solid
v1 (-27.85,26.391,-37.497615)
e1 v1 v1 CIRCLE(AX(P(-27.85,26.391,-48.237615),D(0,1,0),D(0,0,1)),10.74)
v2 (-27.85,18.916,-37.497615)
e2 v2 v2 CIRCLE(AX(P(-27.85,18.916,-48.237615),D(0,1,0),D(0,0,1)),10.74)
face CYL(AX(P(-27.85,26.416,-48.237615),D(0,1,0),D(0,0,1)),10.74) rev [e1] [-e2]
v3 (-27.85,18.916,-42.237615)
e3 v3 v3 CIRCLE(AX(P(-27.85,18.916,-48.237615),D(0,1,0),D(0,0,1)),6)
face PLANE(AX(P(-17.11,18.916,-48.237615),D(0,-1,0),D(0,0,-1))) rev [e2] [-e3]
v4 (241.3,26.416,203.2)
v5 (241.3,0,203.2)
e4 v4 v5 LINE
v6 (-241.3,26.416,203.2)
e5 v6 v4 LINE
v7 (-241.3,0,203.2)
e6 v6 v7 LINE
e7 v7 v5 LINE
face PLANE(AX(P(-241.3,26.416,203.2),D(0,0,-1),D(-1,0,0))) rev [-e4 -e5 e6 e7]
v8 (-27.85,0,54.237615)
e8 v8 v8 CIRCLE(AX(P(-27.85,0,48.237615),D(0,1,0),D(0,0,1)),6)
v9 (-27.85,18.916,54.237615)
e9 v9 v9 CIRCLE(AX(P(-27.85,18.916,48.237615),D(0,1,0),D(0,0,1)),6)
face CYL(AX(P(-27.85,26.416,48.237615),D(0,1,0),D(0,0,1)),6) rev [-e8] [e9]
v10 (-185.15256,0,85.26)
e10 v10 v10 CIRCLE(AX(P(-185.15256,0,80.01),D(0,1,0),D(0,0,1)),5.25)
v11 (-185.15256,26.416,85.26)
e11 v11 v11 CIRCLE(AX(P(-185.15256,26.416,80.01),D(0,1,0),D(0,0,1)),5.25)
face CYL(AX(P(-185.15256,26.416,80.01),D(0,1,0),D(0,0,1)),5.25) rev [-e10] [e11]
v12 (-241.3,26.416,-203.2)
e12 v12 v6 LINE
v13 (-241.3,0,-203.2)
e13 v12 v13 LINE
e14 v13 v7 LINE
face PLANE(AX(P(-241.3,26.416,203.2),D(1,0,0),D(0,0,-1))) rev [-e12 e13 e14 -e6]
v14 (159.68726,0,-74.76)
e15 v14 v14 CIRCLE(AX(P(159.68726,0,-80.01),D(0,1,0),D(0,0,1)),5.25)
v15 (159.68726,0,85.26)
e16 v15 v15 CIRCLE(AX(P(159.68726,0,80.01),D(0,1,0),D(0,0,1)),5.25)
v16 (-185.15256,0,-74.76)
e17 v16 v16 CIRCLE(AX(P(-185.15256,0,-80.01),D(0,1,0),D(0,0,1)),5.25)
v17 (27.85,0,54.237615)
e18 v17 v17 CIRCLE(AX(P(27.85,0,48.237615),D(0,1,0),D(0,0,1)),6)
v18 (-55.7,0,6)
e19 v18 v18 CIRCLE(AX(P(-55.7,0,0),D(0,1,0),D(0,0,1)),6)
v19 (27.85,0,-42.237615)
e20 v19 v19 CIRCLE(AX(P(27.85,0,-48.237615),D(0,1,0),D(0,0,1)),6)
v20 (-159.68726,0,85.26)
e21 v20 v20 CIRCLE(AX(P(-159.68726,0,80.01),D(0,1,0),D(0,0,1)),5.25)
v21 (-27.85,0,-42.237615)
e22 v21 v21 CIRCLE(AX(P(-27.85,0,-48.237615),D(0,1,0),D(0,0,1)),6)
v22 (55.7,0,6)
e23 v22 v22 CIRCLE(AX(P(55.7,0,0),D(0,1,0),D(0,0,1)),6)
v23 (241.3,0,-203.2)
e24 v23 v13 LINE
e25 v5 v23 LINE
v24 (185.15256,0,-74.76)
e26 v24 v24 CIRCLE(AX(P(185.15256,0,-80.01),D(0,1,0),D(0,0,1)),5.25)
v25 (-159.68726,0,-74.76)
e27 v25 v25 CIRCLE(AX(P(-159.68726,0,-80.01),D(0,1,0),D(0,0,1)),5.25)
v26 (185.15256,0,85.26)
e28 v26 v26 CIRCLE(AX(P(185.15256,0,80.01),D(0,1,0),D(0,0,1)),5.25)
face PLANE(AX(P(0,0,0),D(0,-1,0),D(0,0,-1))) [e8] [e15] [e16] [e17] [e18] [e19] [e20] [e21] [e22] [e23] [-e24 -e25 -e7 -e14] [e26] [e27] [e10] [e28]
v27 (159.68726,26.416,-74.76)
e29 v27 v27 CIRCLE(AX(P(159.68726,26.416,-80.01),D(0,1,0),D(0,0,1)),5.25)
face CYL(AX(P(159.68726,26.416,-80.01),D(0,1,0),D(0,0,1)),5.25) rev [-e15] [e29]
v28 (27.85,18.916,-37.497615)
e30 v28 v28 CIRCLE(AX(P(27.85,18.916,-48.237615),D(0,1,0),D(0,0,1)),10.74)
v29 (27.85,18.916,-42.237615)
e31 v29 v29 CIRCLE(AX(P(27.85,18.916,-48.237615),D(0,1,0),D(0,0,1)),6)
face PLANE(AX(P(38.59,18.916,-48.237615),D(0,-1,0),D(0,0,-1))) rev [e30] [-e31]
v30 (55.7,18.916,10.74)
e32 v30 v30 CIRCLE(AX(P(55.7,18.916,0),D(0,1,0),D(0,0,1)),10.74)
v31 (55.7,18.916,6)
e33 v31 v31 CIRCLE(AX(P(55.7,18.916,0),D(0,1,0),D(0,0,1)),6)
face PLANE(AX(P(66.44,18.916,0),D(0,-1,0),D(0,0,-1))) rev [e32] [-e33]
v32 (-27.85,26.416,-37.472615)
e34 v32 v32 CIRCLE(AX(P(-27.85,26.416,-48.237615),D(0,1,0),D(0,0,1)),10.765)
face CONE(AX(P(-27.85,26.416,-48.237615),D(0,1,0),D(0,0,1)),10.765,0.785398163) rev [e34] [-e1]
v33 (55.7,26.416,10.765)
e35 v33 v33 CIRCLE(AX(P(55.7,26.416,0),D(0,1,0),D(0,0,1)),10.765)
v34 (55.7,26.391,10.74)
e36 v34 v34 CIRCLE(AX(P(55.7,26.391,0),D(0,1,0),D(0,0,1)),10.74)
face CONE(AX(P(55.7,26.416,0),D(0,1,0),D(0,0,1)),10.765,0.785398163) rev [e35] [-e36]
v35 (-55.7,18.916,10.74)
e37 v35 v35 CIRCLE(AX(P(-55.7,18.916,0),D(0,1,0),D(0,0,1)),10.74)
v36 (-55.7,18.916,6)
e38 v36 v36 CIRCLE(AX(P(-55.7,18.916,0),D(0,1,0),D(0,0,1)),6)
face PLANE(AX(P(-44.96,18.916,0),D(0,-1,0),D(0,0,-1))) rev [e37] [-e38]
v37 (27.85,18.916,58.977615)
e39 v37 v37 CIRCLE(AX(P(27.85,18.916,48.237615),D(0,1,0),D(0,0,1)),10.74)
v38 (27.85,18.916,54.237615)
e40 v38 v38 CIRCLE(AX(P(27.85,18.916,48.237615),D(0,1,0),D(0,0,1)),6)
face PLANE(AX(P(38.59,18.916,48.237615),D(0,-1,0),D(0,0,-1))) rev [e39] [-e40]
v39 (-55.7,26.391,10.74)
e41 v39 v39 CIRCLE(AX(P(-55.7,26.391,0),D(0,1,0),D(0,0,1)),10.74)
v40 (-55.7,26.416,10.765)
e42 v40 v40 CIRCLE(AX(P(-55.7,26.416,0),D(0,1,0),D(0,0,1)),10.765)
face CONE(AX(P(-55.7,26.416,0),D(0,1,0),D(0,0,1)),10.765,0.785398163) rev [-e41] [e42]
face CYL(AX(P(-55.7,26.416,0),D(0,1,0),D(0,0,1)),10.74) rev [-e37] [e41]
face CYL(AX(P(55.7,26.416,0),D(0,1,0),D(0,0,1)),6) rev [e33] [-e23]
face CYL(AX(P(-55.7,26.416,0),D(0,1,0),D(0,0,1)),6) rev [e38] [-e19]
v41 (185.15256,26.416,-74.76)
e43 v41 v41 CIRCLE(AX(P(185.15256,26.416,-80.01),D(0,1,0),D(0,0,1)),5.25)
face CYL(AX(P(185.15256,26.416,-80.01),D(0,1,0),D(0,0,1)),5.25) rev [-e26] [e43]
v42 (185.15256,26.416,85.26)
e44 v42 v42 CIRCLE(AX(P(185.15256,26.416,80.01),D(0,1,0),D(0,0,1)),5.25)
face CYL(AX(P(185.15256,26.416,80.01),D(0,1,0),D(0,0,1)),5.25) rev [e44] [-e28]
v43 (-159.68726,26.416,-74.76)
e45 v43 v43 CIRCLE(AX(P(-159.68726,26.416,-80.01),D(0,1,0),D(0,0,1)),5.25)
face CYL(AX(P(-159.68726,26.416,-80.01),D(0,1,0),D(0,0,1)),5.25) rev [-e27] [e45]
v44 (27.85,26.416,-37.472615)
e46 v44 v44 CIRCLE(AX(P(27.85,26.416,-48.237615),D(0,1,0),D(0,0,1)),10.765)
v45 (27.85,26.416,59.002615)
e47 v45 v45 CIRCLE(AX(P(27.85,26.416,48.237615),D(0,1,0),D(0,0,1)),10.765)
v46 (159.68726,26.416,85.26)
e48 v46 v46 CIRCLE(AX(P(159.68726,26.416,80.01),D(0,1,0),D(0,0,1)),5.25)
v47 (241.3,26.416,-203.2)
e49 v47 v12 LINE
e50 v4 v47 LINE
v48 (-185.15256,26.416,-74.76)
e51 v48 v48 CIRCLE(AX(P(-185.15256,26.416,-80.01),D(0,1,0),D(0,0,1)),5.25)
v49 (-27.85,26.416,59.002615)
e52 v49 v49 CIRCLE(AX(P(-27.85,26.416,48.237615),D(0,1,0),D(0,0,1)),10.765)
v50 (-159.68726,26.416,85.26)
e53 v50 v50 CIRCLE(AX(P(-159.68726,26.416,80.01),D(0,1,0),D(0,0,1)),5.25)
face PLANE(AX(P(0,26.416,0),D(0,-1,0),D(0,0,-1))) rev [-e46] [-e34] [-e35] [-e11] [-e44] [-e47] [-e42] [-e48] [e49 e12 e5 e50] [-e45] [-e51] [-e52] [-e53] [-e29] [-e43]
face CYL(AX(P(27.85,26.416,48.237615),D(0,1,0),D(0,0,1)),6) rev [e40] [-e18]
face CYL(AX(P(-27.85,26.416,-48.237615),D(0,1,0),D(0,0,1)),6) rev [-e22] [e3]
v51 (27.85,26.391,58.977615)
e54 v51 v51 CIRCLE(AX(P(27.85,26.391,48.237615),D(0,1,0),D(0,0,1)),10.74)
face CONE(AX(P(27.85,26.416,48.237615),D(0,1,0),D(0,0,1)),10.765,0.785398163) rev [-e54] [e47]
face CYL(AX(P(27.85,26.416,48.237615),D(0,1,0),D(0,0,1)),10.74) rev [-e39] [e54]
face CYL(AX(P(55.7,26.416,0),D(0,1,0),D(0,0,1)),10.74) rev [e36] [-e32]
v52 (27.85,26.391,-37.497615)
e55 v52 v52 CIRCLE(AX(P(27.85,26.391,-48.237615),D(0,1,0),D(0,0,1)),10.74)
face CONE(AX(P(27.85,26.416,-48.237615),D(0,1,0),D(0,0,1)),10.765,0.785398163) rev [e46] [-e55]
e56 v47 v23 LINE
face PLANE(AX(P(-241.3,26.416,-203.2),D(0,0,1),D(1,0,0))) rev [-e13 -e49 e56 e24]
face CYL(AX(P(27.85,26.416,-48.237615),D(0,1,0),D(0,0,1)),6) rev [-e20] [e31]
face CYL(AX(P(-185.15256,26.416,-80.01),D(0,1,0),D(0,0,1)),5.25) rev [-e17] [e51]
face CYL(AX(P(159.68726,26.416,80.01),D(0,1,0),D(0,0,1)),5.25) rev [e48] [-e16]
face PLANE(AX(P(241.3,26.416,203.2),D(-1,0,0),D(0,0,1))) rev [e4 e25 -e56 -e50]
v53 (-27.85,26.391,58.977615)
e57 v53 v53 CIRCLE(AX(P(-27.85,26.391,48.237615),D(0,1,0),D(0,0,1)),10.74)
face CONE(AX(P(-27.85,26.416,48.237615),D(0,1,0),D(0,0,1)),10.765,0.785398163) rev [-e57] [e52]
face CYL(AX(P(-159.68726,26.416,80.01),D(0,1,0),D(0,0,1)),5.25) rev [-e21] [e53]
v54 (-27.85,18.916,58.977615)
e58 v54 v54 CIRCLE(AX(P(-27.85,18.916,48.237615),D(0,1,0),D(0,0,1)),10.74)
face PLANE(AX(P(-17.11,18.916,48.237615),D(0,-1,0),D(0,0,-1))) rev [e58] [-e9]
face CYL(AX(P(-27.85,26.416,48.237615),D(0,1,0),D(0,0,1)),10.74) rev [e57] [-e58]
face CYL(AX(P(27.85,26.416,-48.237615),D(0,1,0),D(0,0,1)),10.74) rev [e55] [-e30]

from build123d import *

# Parameters (mm, degrees)
SKETCH1_W                               = 482.6
SKETCH1_H                               = 406.4
BOSS_EXTRUDE1_DEPTH                     = 26.416
SKETCH3_R                               = 1.27
SKETCH3_R_2                             = 5.25
CUT_EXTRUDE2_DEPTH                      = 27.416
CBORE_FOR_M10_HEX_HEAD_BOLT1_AT_2_COUNT = 2
CBORE_FOR_M10_HEX_HEAD_BOLT1_AT_2_PITCH = 55.7
CBORE_FOR_M10_HEX_HEAD_BOLT1_AT_3_COUNT = 2
CBORE_FOR_M10_HEX_HEAD_BOLT1_AT_3_PITCH = 96.475229982
CBORE_FOR_M10_HEX_HEAD_BOLT1_AT_4_COUNT = 2
CBORE_FOR_M10_HEX_HEAD_BOLT1_AT_4_PITCH = 111.4
CBORE_FOR_M10_HEX_HEAD_BOLT1_AT_5_COUNT = 2
CBORE_FOR_M10_HEX_HEAD_BOLT1_AT_5_PITCH = 96.475229982
CBORE_FOR_M10_HEX_HEAD_BOLT1_AT_6_COUNT = 2
CBORE_FOR_M10_HEX_HEAD_BOLT1_AT_6_PITCH = 55.7
TAP_DRILL_FOR_M10_HELICOIL1_D           = 10.5


with BuildPart() as part:
    # Sketch1 → Boss-Extrude1 (new body)
    with BuildSketch(Plane(origin=(0, 0, 0), x_dir=(1, 0, 0), z_dir=(0, 1, 0))):
        Rectangle(SKETCH1_W, SKETCH1_H)
    extrude(amount=BOSS_EXTRUDE1_DEPTH)

    # Sketch3 → Cut-Extrude2 (cut, through all)
    with BuildSketch(Plane(origin=(0, 26.416, 0), x_dir=(1, 0, 0), z_dir=(0, 1, 0))):
        with Locations((-185.152559706, -80.01)):
            Circle(SKETCH3_R)
        with Locations((-159.68726, -80.01)):
            Circle(SKETCH3_R)
        with Locations((-185.152559706, 80.01)):
            Circle(SKETCH3_R)
        with Locations((-159.68726, 80.01)):
            Circle(SKETCH3_R)
        with Locations((159.68726, -80.01)):
            Circle(SKETCH3_R)
        with Locations((185.152559706, -80.01)):
            Circle(SKETCH3_R)
        with Locations((185.152559706, 80.01)):
            Circle(SKETCH3_R)
        with Locations((159.68726, 80.01)):
            Circle(SKETCH3_R)
        with Locations((55.7, 0)):
            Circle(SKETCH3_R_2)
        with Locations((27.85, -48.237614991)):
            Circle(SKETCH3_R_2)
        with Locations((-27.85, -48.237614991)):
            Circle(SKETCH3_R_2)
        with Locations((-55.7, 0)):
            Circle(SKETCH3_R_2)
        with Locations((-27.85, 48.237614991)):
            Circle(SKETCH3_R_2)
        with Locations((27.85, 48.237614991)):
            Circle(SKETCH3_R_2)
    extrude(amount=-CUT_EXTRUDE2_DEPTH, mode=Mode.SUBTRACT)

    # Sketch11 → CBORE for M10 Hex Head Bolt1 (revolve, cut)
    with BuildSketch(Plane(origin=(27.85, 26.416, -48.237614991), x_dir=(0, 0, 1), z_dir=(1, 0, 0))):
        Polygon((0, 0), (0, 26.416), (6, 26.416), (6, 7.5), (10.74, 7.5), (10.74, 0.025), (10.765, 0), align=None)
    cbore_for_m10_hex_head_bolt1 = revolve(axis=Axis((27.85, 32.766, -48.237614991), (0, -1, 0)), mode=Mode.SUBTRACT)

    # CBORE for M10 Hex Head Bolt1 at 2: CBORE for M10 Hex Head Bolt1 ×2
    with Locations(*[Vector(0.5, 0, 0.866025404) * (i * CBORE_FOR_M10_HEX_HEAD_BOLT1_AT_2_PITCH) for i in range(1, CBORE_FOR_M10_HEX_HEAD_BOLT1_AT_2_COUNT)]):
        add(cbore_for_m10_hex_head_bolt1, mode=Mode.SUBTRACT)

    # CBORE for M10 Hex Head Bolt1 at 3: CBORE for M10 Hex Head Bolt1 ×2
    with Locations(*[(0, 0, i * CBORE_FOR_M10_HEX_HEAD_BOLT1_AT_3_PITCH) for i in range(1, CBORE_FOR_M10_HEX_HEAD_BOLT1_AT_3_COUNT)]):
        add(cbore_for_m10_hex_head_bolt1, mode=Mode.SUBTRACT)

    # CBORE for M10 Hex Head Bolt1 at 4: CBORE for M10 Hex Head Bolt1 ×2
    with Locations(*[Vector(-0.5, 0, 0.866025404) * (i * CBORE_FOR_M10_HEX_HEAD_BOLT1_AT_4_PITCH) for i in range(1, CBORE_FOR_M10_HEX_HEAD_BOLT1_AT_4_COUNT)]):
        add(cbore_for_m10_hex_head_bolt1, mode=Mode.SUBTRACT)

    # CBORE for M10 Hex Head Bolt1 at 5: CBORE for M10 Hex Head Bolt1 ×2
    with Locations(*[Vector(-0.866025404, 0, 0.5) * (i * CBORE_FOR_M10_HEX_HEAD_BOLT1_AT_5_PITCH) for i in range(1, CBORE_FOR_M10_HEX_HEAD_BOLT1_AT_5_COUNT)]):
        add(cbore_for_m10_hex_head_bolt1, mode=Mode.SUBTRACT)

    # CBORE for M10 Hex Head Bolt1 at 6: CBORE for M10 Hex Head Bolt1 ×2
    with Locations(*[(-i * CBORE_FOR_M10_HEX_HEAD_BOLT1_AT_6_PITCH, 0, 0) for i in range(1, CBORE_FOR_M10_HEX_HEAD_BOLT1_AT_6_COUNT)]):
        add(cbore_for_m10_hex_head_bolt1, mode=Mode.SUBTRACT)

    # Tap Drill for M10 Helicoil1 (through all)
    with Locations(Plane(origin=(0, 26.416, 0), x_dir=(1, 0, 0), z_dir=(0, 1, 0))):
        with Locations((-185.152559706, -80.01), (-159.68726, -80.01), (-185.152559706, 80.01), (-159.68726, 80.01), (185.152559706, 80.01), (159.68726, 80.01), (185.152559706, -80.01), (159.68726, -80.01)):
            Hole(TAP_DRILL_FOR_M10_HELICOIL1_D / 2)


solid = part.part
